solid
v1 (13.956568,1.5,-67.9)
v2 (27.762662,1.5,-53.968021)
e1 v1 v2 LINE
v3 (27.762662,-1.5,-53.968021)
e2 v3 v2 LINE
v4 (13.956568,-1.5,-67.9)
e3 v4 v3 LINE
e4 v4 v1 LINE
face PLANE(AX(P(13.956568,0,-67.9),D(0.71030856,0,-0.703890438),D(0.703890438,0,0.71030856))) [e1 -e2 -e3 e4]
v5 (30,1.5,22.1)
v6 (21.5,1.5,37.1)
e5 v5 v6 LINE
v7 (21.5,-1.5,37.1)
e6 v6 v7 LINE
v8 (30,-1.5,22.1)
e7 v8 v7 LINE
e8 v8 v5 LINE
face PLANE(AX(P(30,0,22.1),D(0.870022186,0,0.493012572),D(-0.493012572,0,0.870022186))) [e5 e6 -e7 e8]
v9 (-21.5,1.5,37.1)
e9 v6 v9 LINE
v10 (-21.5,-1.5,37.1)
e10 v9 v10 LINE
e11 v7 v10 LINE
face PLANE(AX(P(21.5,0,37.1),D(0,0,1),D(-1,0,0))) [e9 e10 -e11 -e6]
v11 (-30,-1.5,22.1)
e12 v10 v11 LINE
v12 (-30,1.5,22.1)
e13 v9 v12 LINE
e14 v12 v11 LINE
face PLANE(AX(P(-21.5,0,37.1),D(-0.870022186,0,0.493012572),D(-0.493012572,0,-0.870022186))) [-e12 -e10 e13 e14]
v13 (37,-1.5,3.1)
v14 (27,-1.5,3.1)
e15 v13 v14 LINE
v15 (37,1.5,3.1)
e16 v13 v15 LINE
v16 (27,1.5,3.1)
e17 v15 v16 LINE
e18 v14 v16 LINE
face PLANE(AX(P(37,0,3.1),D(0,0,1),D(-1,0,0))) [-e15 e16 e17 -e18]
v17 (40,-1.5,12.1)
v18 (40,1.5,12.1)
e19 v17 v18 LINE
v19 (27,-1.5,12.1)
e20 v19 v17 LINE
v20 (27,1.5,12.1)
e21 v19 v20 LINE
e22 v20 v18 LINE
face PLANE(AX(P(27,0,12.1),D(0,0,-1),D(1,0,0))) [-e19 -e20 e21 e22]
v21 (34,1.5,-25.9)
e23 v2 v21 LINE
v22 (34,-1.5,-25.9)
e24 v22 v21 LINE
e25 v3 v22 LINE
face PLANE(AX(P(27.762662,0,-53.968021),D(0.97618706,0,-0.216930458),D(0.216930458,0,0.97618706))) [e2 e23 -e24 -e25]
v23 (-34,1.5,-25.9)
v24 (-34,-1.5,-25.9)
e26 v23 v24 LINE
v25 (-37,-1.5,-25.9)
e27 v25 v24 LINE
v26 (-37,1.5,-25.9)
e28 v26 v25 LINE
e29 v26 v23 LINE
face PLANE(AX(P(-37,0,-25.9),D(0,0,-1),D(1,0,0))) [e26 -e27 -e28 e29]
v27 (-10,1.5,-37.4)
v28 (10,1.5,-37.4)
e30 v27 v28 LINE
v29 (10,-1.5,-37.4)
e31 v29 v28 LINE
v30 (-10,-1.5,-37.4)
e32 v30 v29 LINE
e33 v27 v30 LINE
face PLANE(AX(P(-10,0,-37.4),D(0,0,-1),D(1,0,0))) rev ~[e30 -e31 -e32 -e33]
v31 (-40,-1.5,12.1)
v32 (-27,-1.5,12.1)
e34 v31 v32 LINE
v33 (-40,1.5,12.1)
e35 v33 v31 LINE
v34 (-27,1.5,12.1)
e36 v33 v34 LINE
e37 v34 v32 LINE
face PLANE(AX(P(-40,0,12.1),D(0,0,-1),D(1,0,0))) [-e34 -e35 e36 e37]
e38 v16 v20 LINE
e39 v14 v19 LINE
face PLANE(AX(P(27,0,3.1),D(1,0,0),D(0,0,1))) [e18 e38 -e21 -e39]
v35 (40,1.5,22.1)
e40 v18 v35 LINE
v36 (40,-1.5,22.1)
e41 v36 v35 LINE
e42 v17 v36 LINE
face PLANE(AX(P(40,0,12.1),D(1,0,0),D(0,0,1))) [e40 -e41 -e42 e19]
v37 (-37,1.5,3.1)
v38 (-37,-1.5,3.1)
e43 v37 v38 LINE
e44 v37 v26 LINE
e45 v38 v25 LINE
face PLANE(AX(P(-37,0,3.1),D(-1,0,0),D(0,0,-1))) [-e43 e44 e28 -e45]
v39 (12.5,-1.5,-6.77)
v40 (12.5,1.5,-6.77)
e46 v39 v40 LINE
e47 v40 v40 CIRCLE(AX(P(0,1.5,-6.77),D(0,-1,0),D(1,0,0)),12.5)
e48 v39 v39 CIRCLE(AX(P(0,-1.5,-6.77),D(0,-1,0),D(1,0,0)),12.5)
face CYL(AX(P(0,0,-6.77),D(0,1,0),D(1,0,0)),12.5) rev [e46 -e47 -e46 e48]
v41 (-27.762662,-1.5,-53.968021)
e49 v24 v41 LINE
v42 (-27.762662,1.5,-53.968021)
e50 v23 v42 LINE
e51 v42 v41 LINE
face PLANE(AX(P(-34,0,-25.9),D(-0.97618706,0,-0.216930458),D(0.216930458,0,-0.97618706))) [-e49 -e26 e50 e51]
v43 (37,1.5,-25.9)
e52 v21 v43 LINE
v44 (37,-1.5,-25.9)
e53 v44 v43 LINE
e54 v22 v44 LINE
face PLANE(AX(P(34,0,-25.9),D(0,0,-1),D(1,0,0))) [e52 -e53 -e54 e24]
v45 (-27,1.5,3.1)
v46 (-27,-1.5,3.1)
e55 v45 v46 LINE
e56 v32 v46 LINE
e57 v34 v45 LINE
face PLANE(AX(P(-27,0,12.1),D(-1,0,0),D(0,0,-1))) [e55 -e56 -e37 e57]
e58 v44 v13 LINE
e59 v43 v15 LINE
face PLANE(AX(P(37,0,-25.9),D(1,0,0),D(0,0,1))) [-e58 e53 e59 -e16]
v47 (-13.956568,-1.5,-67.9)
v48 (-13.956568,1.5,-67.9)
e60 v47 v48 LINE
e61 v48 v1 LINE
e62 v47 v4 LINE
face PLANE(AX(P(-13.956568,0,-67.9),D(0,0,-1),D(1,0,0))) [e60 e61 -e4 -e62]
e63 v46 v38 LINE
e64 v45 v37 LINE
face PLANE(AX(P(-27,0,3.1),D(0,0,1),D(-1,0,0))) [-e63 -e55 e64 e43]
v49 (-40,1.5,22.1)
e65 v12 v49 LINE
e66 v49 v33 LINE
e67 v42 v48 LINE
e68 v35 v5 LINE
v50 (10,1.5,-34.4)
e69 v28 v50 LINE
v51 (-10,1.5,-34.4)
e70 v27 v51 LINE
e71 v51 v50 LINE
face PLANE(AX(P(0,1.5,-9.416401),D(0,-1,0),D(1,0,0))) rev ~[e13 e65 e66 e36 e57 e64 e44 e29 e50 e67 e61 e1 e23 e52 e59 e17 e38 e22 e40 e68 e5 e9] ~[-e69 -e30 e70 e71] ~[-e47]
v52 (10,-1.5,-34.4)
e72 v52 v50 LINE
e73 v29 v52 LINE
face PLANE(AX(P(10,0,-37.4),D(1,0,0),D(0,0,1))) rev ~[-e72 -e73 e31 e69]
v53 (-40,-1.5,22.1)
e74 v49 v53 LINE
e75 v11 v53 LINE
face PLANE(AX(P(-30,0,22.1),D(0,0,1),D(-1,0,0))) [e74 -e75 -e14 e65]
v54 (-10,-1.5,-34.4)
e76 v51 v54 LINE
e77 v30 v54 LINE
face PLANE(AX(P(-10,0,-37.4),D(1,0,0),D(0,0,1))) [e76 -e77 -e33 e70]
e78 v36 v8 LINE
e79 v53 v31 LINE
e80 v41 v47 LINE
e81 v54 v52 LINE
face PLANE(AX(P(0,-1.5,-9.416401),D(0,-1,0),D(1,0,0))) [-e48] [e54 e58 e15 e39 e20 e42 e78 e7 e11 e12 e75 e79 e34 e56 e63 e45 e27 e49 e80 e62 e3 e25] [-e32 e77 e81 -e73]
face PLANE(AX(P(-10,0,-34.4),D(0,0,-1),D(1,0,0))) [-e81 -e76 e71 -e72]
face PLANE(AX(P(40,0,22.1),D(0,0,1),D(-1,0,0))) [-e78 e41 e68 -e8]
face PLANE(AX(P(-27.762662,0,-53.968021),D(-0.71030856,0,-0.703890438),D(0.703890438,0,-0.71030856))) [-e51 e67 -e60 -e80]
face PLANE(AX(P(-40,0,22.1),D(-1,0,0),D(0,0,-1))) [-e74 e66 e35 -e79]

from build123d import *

# Parameters (mm, degrees)
F0_W     = 20
F0_H     = 3
F0_R     = 12.5
F1_DEPTH = 1.5


with BuildPart() as f1:
    # F0 (on Front) → F1 (new body, symmetric)
    with BuildSketch(Plane.XZ):
        Polygon((30, 22.1), (21.5, 37.1), (-21.5, 37.1), (-30, 22.1), (-40, 22.1), (-40, 12.1), (-27, 12.1), (-27, 3.1), (-37, 3.1), (-37, -25.9), (-34, -25.9), (-27.7626620175, -53.9680209211), (-13.9565678727, -67.9), (13.9565678727, -67.9), (27.7626620175, -53.9680209211), (34, -25.9), (37, -25.9), (37, 3.1), (27, 3.1), (27, 12.1), (40, 12.1), (40, 22.1), align=None)
        with Locations((0, -35.9)):
            Rectangle(F0_W, F0_H, mode=Mode.SUBTRACT)
        with Locations((0, -6.77)):
            Circle(F0_R, mode=Mode.SUBTRACT)
    extrude(amount=F1_DEPTH, both=True)


solid = f1.part
